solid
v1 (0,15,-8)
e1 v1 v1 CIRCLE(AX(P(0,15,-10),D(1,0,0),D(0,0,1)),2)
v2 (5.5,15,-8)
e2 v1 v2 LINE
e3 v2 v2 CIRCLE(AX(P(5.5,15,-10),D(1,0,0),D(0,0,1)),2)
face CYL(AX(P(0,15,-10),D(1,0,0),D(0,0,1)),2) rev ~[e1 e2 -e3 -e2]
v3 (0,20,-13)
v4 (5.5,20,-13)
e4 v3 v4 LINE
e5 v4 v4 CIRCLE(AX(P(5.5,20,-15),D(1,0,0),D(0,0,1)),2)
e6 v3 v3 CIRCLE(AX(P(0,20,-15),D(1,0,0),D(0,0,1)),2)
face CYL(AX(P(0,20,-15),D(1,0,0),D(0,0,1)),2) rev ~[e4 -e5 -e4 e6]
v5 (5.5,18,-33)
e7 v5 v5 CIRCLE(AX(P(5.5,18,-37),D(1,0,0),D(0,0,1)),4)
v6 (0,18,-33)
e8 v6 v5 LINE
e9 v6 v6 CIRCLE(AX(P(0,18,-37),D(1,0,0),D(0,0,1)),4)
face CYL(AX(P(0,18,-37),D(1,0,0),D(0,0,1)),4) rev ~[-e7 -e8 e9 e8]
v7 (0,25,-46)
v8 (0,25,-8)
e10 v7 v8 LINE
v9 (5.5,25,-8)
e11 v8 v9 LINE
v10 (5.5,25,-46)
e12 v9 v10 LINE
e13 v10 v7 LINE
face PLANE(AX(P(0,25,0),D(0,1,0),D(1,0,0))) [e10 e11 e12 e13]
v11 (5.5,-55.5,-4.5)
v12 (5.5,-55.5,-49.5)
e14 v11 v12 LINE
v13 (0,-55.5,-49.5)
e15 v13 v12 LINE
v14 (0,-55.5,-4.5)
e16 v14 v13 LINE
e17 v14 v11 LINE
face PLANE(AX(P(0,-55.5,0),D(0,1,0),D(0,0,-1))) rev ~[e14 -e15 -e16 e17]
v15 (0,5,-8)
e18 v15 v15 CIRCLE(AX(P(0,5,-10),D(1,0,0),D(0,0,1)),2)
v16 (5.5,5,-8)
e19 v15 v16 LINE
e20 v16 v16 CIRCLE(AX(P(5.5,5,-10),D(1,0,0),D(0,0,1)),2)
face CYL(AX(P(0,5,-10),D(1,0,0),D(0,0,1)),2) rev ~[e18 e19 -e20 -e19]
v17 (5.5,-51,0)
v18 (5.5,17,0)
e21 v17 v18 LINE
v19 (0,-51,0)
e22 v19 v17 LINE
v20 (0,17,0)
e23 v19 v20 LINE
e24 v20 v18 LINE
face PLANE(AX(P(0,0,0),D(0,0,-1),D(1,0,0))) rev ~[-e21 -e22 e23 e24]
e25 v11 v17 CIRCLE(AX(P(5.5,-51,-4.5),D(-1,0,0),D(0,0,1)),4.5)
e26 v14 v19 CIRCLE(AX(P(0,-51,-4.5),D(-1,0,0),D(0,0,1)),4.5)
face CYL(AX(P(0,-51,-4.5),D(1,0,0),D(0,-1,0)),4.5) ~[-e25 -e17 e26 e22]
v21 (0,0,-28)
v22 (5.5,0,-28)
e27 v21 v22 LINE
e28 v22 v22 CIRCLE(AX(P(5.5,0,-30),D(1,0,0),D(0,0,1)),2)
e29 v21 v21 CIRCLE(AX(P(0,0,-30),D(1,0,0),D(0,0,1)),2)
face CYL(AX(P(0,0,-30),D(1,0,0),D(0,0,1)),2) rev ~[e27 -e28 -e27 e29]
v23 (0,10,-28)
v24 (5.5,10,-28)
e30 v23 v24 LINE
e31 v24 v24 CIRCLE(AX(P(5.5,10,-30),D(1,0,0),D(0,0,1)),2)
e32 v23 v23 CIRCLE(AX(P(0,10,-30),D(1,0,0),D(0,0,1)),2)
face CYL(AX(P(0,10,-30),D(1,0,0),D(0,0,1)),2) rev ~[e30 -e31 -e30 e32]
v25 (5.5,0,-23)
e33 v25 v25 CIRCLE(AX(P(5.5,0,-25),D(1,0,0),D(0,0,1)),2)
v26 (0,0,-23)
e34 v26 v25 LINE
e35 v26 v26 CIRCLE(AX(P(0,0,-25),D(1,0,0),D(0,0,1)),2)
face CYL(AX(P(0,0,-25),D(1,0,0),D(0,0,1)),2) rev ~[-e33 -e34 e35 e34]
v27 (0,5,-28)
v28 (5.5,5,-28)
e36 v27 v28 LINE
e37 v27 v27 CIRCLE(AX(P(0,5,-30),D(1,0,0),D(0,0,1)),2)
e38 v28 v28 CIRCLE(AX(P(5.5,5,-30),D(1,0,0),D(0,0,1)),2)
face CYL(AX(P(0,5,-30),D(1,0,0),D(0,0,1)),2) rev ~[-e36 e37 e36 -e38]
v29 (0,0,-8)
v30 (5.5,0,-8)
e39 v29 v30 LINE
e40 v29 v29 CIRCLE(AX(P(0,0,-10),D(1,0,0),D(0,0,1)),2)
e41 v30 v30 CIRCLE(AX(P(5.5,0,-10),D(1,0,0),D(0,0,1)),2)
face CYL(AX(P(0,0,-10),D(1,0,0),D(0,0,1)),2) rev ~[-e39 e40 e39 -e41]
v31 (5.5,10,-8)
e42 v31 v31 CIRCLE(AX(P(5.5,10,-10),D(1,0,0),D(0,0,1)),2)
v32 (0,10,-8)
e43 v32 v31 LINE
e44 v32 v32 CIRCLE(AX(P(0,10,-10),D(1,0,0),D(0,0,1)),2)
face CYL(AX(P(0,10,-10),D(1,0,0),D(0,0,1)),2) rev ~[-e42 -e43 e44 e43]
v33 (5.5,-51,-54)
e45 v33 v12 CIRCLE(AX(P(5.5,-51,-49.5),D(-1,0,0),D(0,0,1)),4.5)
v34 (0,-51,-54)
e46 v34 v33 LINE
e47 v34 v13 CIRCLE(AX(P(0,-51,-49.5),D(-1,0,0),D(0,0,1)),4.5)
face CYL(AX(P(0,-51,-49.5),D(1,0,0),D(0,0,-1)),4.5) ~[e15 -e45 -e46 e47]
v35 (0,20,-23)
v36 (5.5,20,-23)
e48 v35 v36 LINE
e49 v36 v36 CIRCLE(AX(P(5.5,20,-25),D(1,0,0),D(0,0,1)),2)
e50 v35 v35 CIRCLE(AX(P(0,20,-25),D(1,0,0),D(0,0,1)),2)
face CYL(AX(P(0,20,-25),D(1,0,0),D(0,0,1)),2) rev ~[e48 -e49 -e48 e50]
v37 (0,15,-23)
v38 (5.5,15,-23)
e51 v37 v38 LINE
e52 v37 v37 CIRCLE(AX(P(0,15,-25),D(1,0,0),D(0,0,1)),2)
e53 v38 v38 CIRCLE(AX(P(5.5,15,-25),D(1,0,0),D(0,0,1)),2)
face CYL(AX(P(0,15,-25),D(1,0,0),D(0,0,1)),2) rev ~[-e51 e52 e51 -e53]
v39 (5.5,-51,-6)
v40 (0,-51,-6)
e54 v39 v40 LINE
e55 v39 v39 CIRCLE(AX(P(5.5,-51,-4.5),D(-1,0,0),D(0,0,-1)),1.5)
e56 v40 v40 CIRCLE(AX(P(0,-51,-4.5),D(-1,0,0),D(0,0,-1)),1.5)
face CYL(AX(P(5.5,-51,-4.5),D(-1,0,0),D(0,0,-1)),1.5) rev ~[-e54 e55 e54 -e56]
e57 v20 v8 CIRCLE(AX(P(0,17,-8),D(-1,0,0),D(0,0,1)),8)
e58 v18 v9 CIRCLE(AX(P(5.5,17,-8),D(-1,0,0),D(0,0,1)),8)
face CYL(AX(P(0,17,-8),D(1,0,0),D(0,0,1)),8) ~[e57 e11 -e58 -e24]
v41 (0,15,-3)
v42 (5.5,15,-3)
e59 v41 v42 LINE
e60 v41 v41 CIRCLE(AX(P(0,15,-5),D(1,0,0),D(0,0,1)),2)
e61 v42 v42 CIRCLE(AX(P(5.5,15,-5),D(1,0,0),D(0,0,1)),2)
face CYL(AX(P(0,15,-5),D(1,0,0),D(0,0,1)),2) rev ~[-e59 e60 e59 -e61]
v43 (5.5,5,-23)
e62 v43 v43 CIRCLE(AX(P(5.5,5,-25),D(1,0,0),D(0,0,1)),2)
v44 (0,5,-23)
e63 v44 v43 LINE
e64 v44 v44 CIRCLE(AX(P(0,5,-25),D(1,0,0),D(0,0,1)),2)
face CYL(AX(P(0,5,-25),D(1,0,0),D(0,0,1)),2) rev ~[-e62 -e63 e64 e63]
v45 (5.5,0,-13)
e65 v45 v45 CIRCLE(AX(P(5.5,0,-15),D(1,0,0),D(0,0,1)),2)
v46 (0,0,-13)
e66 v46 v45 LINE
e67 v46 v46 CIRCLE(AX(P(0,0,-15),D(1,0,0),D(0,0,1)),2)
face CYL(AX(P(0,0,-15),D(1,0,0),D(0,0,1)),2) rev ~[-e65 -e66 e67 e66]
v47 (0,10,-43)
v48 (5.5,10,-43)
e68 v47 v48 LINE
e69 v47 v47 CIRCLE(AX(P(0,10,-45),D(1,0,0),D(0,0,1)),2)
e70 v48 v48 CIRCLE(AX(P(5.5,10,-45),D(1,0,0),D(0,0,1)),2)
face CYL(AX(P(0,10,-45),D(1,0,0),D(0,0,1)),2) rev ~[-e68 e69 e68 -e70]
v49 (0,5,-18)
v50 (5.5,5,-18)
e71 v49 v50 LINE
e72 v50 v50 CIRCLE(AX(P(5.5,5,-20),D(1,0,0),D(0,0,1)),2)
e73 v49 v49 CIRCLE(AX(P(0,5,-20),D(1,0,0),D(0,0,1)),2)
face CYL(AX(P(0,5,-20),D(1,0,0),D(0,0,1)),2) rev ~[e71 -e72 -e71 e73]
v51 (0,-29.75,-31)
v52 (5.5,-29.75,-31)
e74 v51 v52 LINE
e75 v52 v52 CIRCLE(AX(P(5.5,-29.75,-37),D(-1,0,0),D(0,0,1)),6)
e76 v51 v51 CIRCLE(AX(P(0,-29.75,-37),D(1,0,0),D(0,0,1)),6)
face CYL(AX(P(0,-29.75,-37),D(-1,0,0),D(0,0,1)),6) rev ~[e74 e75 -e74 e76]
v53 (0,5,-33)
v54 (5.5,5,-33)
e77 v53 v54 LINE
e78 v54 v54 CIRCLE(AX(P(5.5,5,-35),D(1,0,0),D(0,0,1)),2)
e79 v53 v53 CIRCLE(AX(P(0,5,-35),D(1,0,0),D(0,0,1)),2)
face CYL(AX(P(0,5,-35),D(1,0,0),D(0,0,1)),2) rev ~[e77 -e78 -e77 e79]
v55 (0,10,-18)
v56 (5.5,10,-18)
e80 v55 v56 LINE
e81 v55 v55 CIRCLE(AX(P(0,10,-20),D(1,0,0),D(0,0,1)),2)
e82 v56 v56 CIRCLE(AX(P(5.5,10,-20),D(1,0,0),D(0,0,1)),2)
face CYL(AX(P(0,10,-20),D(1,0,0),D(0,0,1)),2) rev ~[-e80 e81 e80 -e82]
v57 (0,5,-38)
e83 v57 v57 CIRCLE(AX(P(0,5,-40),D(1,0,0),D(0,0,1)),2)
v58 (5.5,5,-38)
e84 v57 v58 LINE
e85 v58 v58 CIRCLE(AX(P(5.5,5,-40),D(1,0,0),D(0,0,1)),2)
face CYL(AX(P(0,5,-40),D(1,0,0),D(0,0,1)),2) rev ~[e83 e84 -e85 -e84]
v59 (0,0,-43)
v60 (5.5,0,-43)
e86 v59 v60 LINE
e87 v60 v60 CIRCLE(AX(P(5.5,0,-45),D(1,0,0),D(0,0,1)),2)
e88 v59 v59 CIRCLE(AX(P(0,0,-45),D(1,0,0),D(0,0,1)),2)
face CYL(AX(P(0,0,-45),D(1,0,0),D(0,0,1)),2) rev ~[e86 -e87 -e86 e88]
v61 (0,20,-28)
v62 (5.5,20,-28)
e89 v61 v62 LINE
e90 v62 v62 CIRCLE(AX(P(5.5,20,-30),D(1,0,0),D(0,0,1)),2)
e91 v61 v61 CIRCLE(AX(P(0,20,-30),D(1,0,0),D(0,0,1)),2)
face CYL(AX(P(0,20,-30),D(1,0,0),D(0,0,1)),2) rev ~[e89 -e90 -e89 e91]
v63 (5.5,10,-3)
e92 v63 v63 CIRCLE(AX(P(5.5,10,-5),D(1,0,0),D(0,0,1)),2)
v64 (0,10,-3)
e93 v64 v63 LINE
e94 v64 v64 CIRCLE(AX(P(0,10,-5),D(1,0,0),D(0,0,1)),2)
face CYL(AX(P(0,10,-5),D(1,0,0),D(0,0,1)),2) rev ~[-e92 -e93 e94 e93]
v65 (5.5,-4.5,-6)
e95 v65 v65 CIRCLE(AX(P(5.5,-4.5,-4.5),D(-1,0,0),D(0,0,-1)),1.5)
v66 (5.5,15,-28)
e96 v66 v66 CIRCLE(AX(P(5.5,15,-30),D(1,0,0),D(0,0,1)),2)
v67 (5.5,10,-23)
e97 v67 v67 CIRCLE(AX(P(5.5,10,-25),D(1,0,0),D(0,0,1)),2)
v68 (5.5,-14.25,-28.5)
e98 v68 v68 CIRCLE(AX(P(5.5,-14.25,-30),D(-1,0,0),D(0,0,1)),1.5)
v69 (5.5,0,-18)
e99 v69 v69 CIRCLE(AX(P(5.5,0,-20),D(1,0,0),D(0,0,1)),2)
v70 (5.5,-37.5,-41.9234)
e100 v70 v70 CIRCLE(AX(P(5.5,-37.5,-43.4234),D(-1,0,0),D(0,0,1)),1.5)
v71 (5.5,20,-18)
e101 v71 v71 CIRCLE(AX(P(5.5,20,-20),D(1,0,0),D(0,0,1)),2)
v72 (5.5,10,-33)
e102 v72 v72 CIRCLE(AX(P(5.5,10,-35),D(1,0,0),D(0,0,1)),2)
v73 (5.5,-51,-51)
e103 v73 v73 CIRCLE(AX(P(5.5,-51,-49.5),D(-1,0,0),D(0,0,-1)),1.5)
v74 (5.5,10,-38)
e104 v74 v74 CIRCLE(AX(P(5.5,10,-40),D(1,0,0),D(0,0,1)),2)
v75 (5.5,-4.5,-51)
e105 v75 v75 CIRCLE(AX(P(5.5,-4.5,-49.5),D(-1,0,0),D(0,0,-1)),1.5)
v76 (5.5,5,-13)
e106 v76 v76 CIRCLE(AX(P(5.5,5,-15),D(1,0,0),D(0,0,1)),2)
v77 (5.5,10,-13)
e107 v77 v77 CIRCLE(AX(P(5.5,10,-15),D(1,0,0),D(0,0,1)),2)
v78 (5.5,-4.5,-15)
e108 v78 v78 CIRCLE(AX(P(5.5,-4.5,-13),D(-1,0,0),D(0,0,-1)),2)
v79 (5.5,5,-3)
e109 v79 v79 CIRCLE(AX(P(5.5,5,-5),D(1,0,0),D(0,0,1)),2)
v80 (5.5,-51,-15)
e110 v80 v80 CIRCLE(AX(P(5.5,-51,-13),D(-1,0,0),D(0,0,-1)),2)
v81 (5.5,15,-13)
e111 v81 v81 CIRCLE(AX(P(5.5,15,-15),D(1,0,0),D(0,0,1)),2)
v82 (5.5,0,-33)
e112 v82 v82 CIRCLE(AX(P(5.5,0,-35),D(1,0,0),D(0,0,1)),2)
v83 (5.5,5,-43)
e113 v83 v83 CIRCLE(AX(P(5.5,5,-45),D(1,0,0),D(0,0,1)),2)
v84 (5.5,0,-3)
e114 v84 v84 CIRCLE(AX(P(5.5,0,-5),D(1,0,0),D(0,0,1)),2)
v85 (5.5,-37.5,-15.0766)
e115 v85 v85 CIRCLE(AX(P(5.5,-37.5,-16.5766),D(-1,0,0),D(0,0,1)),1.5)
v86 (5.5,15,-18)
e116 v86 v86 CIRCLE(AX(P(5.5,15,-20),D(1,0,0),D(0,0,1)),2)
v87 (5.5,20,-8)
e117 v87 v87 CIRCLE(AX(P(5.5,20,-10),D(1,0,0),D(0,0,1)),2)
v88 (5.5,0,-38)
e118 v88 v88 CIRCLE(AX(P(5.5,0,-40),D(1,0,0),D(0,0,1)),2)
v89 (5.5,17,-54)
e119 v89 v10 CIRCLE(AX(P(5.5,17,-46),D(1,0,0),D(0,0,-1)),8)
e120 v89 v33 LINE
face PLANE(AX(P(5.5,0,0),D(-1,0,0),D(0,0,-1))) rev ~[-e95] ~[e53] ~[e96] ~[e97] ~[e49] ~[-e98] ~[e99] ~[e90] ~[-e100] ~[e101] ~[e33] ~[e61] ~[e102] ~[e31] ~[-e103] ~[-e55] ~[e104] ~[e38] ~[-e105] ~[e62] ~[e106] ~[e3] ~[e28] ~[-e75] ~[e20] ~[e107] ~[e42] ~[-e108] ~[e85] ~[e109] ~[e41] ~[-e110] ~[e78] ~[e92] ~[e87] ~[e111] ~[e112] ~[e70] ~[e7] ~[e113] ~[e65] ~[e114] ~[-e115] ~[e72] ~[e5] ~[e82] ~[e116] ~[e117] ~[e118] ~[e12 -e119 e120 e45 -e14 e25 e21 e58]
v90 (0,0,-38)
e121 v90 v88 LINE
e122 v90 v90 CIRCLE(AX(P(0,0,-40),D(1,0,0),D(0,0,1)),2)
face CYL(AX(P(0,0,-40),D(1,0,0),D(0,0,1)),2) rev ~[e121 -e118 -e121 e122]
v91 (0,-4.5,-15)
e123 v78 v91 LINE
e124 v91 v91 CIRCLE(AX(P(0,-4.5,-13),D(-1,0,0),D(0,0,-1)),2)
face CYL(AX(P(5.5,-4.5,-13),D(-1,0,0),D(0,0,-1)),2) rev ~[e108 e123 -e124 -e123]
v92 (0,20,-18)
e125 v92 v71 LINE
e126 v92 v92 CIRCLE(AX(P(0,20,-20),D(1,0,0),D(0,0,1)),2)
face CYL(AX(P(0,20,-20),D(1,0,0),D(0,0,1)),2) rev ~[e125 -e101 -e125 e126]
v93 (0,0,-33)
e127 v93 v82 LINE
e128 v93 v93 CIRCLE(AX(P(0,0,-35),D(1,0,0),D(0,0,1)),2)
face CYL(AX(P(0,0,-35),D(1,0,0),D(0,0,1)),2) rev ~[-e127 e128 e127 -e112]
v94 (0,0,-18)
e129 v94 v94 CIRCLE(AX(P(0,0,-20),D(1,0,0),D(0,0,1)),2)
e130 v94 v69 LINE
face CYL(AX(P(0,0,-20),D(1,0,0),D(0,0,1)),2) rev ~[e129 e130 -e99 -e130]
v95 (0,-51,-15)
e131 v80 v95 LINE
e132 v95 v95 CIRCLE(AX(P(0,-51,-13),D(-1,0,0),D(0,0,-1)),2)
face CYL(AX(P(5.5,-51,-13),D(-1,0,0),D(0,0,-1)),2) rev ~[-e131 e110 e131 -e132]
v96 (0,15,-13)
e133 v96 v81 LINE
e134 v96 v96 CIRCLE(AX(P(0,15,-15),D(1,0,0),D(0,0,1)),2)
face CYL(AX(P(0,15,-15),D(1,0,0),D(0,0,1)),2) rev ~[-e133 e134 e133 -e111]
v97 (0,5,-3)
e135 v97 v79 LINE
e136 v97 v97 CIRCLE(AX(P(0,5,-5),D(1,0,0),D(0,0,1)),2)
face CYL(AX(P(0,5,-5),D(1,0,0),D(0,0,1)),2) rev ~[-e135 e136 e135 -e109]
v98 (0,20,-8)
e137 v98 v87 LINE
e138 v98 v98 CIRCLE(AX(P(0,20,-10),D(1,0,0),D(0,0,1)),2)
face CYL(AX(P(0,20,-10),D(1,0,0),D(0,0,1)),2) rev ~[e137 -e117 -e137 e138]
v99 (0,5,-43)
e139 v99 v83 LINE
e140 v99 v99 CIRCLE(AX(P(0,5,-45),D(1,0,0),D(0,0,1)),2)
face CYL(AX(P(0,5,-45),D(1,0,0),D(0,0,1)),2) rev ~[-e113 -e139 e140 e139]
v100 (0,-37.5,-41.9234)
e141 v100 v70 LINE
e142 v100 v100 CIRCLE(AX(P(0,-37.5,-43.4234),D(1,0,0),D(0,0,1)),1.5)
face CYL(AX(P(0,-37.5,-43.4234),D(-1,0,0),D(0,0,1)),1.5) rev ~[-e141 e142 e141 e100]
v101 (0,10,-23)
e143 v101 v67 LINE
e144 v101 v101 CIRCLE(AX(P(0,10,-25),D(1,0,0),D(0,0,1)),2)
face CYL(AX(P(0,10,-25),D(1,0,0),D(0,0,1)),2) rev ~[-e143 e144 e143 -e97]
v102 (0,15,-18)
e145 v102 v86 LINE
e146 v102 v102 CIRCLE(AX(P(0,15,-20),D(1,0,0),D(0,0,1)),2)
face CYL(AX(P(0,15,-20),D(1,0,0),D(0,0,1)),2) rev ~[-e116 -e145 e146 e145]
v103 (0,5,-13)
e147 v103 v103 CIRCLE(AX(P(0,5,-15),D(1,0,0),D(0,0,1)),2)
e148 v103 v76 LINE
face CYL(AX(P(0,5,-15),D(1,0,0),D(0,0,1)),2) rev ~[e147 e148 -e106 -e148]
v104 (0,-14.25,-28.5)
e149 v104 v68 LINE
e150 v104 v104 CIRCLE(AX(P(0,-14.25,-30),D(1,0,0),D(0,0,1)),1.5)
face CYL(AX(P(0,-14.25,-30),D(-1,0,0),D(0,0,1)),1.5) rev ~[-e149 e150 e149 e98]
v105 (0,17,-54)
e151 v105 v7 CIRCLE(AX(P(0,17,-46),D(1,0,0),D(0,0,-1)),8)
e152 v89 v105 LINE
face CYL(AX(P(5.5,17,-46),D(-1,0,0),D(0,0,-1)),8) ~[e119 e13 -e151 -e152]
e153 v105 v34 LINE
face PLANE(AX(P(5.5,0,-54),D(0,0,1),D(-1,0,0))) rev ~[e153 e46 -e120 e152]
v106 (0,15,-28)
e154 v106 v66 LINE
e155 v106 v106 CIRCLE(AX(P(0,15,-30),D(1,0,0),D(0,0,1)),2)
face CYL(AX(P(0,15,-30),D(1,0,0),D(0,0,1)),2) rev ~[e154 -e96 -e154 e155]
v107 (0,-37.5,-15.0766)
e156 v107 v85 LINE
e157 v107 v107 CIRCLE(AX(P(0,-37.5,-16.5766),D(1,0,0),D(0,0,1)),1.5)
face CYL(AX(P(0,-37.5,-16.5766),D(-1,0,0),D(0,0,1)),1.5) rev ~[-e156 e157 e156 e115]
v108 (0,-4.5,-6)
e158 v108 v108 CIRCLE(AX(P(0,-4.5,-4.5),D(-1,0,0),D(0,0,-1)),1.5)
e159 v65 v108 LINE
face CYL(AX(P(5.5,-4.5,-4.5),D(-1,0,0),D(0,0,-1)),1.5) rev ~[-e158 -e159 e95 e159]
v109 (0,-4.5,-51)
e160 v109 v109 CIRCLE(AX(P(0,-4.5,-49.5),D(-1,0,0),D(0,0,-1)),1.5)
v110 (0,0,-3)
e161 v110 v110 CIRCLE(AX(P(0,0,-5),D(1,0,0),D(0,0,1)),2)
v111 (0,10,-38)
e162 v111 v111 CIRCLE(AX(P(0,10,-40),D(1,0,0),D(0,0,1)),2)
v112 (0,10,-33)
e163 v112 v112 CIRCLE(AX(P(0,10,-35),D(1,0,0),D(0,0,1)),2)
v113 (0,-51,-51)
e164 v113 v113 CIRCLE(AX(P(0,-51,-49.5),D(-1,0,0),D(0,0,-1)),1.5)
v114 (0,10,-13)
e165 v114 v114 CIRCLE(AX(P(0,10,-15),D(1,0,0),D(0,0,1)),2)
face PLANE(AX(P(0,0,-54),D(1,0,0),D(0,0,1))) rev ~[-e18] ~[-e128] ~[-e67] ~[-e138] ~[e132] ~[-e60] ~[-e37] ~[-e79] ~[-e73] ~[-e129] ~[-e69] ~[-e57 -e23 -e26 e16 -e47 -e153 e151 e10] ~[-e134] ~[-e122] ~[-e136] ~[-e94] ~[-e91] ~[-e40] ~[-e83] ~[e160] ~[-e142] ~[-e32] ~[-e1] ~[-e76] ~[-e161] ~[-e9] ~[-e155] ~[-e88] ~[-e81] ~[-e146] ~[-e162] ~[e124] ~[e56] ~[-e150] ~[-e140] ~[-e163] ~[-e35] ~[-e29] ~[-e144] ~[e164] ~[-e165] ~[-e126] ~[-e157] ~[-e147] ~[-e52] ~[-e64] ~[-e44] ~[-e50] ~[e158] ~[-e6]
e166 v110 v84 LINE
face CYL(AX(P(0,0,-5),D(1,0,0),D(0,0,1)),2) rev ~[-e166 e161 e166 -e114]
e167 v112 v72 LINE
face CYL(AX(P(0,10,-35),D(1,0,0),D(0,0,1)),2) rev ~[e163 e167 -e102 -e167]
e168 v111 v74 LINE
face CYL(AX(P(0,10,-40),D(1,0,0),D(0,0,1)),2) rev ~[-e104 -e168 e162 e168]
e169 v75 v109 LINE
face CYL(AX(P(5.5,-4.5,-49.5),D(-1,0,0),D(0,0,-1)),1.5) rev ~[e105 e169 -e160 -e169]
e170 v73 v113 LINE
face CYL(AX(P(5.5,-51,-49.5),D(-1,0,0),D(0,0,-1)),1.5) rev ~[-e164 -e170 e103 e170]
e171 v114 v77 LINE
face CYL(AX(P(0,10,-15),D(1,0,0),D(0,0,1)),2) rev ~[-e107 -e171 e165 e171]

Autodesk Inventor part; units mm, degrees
ref_plane "YZ Plane" through (0, 0, 0) normal (1, 0, 0) x (0, 1, 0)
ref_plane "XZ Plane" through (0, 0, 0) normal (0, 1, 0) x (-1, 0, 0)
ref_plane "XY Plane" through (0, 0, 0) normal (0, 0, 1) x (1, 0, 0)
sketch "スケッチ1" plane through (0, 0, 0) normal (1, 0, 0) x (0, 1, 0)
  line L0 (0, 0) -> (-55.5, 0)
  line L1 (-55.5, 0) -> (-55.5, -54)
  line L2 (-55.5, -54) -> (0, -54)
  line L3 (0, -54) -> (0, 0)
  dimension "d0" = 55.5
  dimension "d1" = 54
extrude "押し出し1" add sketch "スケッチ1" along normal blind 5.5
sketch "スケッチ2" plane through (5.5, 0, 0) normal (1, 0, 0) x (0, 0, -1)
  line L0 (54, 0) -> (0, 0)
  line L1 (54, -55.5) -> (54, 0)
  line L2 (0, -55.5) -> (54, -55.5)
  line L3 (0, 0) -> (0, -55.5)
  point P0 (4.5, -4.5)
  point P1 (49.5, -4.5)
  point P2 (4.5, -51)
  point P3 (49.5, -51)
  dimension "d4" = 4.5
  dimension "d5" = 4.5
  dimension "d6" = 4.5
  dimension "d7" = 4.5
  dimension "d8" = 4.5
  dimension "d9" = 4.5
  dimension "d10" = 4.5
  dimension "d11" = 4.5
hole "穴1" at (5.5, -4.5, -4.5) at (5.5, -4.5, -49.5) at (5.5, -51, -4.5) at (5.5, -51, -49.5) direction (-1, 0, 0) diameter 3 end through all
sketch "スケッチ3" plane through (5.5, 0, 0) normal (1, 0, 0) x (0, 0, -1)
  line L0 (54, 0) -> (0, 0)
  line L1 (0, -55.5) -> (54, -55.5)
  circle A0 centre (4.5, -51) radius 1.5
  circle A1 centre (4.5, -4.5) radius 1.5
  point P0 (13, -4.5)
  point P1 (13, -51)
  dimension "d19" = 4.5
  dimension "d20" = 4.5
  dimension "d21" = 8.5
  dimension "d22" = 8.5
hole "穴2" at (5.5, -4.5, -13) at (5.5, -51, -13) direction (-1, 0, 0) diameter 4 end through all
sketch "スケッチ4" plane through (0, 0, 0) normal (-1, 0, 0) x (0, 0, 1)
  line L0 (-30, -14.25) -> (-30, -29.75)
  line L1 (-30, -14.25) -> (-14.5, -14.25) construction
  line L2 (-30, -29.75) -> (-16.5766, -37.5)
  line L3 (-30, -29.75) -> (-43.4234, -37.5)
  line L4 (-30, -29.75) -> (-14.5, -29.75) construction
  circle A0 centre (-43.4234, -37.5) radius 1.5
  circle A1 centre (-16.5766, -37.5) radius 1.5
  circle A2 centre (-30, -14.25) radius 1.5
  circle A3 centre (-37, -29.75) radius 6
  line L5 (0, -55.5) -> (-54, -55.5)
  line L6 (-54, 0) -> (0, 0)
  line L7 (-54, -55.5) -> (-54, 0)
  dimension "d30" = 15.5
  dimension "d31" = 90
  dimension "d32" = 15.5
  dimension "d33" = 120
  dimension "d34" = 15.5
  dimension "d35" = 150
  dimension "d36" = 3
  dimension "d37" = 3
  dimension "d38" = 3
  dimension "d42" = 12
  dimension "d43" = 7
  dimension "d44" = 0
  dimension "d47" = 25.75
  dimension "d48" = 55.5
  dimension "d49" = 24
extrude "押し出し3" cut sketch "スケッチ4" against normal blind 10
sketch "スケッチ5" plane through (0, 0, 0) normal (0, 1, 0) x (1, 0, 0)
  line L0 (0, 0) -> (5.5, 0)
  line L1 (5.5, 0) -> (5.5, 54)
  line L2 (0, 0) -> (5.5, 0)
  line L3 (5.5, 0) -> (5.5, 54)
  line L4 (5.5, 54) -> (0, 54)
  line L5 (0, 54) -> (0, 0)
extrude "押し出し4" add sketch "スケッチ5" along normal blind 25
fillet "フィレット2" radius 8 2 edges at (2.75, 25, -54) (2.75, 25, 0)
fillet "フィレット3" radius 4.5 2 edges at (2.75, -55.5, -54) (2.75, -55.5, 0)
sketch "スケッチ6" plane through (0, 0, 0) normal (-1, 0, 0) x (0, 0, 1)
  line L0 (-46, 25) -> (-8, 25)
  circle A0 centre (-37, -29.75) radius 6
  line L1 (-54, -51) -> (-54, 17)
  point P0 (0, 0)
  point P1 (-37, 18)
  dimension "d55" = 7
  dimension "d56" = 17
  dimension "d57" = 17
hole "穴3" at (0, 18, -37) direction (1, 0, 0) diameter 8 end through all
sketch "スケッチ7" plane through (0, 0, 0) normal (-1, 0, 0) x (0, 0, 1)
  line L0 (-46, 25) -> (-8, 25)
  line L1 (0, -51) -> (0, 17)
  point P0 (0, 0)
  point P1 (-10, 15)
  point P2 (-15, 15)
  point P3 (-20, 15)
  point P4 (-25, 15)
  point P5 (-10, 10)
  point P6 (-15, 10)
  point P7 (-20, 10)
  point P8 (-25, 10)
  point P9 (-10, 5)
  point P10 (-15, 5)
  point P11 (-20, 5)
  point P12 (-25, 5)
  point P13 (-10, 0)
  point P14 (-15, 0)
  point P15 (-20, 0)
  point P16 (-25, 0)
  point P17 (-10, 20)
  point P18 (-15, 15)
  point P19 (-15, 20)
  point P20 (-20, 15)
  point P21 (-20, 20)
  point P22 (-25, 15)
  point P23 (-25, 20)
  point P24 (-30, 15)
  point P25 (-30, 20)
  point P26 (-5, 15)
  point P27 (-10, 10)
  point P28 (-5, 10)
  point P29 (-10, 5)
  point P30 (-5, 5)
  point P31 (-10, 0)
  point P32 (-5, 0)
  point P33 (-30, 10)
  point P34 (-35, 10)
  point P35 (-40, 10)
  point P36 (-45, 10)
  point P37 (-25, 5)
  point P38 (-30, 5)
  point P39 (-35, 5)
  point P40 (-40, 5)
  point P41 (-45, 5)
  point P42 (-25, 0)
  point P43 (-30, 0)
  point P44 (-35, 0)
  point P45 (-40, 0)
  point P46 (-45, 0)
  dimension "d65" = 10
  dimension "d66" = 10
  dimension "d69" = 5
  dimension "d72" = 5
  dimension "d77" = 5
  dimension "d80" = 5
  dimension "d85" = 5
  dimension "d88" = 5
  dimension "d93" = 5
  dimension "d96" = 5
hole "穴4" at (0, 15, -10) at (0, 15, -15) at (0, 15, -20) at (0, 15, -25) at (0, 10, -10) at (0, 10, -15) at (0, 10, -20) at (0, 10, -25) at (0, 5, -10) at (0, 5, -15) at (0, 5, -20) at (0, 5, -25) at (0, 0, -10) at (0, 0, -15) at (0, 0, -20) at (0, 0, -25) at (0, 20, -10) at (0, 20, -15) at (0, 20, -20) at (0, 20, -25) at (0, 15, -30) at (0, 20, -30) at (0, 15, -5) at (0, 10, -5) at (0, 5, -5) at (0, 0, -5) at (0, 10, -30) at (0, 10, -35) at (0, 10, -40) at (0, 10, -45) at (0, 5, -30) at (0, 5, -35) at (0, 5, -40) at (0, 5, -45) at (0, 0, -30) at (0, 0, -35) at (0, 0, -40) at (0, 0, -45) direction (1, 0, 0) diameter 4 end through all
equation "\"d5\" = d4"
equation "\"d6\" = d5"
equation "\"d7\" = d6"
equation "\"d8\" = d6"
equation "\"d9\" = d7"
equation "\"d10\" = d8"
equation "\"d11\" = d4"
equation "\"d20\" = d19"
equation "\"d22\" = d21"
equation "\"d57\" = d56"
equation "\"d66\" = d65"
properties part number "ハンド_モータパネル" material "木材 (カエデ材)"
